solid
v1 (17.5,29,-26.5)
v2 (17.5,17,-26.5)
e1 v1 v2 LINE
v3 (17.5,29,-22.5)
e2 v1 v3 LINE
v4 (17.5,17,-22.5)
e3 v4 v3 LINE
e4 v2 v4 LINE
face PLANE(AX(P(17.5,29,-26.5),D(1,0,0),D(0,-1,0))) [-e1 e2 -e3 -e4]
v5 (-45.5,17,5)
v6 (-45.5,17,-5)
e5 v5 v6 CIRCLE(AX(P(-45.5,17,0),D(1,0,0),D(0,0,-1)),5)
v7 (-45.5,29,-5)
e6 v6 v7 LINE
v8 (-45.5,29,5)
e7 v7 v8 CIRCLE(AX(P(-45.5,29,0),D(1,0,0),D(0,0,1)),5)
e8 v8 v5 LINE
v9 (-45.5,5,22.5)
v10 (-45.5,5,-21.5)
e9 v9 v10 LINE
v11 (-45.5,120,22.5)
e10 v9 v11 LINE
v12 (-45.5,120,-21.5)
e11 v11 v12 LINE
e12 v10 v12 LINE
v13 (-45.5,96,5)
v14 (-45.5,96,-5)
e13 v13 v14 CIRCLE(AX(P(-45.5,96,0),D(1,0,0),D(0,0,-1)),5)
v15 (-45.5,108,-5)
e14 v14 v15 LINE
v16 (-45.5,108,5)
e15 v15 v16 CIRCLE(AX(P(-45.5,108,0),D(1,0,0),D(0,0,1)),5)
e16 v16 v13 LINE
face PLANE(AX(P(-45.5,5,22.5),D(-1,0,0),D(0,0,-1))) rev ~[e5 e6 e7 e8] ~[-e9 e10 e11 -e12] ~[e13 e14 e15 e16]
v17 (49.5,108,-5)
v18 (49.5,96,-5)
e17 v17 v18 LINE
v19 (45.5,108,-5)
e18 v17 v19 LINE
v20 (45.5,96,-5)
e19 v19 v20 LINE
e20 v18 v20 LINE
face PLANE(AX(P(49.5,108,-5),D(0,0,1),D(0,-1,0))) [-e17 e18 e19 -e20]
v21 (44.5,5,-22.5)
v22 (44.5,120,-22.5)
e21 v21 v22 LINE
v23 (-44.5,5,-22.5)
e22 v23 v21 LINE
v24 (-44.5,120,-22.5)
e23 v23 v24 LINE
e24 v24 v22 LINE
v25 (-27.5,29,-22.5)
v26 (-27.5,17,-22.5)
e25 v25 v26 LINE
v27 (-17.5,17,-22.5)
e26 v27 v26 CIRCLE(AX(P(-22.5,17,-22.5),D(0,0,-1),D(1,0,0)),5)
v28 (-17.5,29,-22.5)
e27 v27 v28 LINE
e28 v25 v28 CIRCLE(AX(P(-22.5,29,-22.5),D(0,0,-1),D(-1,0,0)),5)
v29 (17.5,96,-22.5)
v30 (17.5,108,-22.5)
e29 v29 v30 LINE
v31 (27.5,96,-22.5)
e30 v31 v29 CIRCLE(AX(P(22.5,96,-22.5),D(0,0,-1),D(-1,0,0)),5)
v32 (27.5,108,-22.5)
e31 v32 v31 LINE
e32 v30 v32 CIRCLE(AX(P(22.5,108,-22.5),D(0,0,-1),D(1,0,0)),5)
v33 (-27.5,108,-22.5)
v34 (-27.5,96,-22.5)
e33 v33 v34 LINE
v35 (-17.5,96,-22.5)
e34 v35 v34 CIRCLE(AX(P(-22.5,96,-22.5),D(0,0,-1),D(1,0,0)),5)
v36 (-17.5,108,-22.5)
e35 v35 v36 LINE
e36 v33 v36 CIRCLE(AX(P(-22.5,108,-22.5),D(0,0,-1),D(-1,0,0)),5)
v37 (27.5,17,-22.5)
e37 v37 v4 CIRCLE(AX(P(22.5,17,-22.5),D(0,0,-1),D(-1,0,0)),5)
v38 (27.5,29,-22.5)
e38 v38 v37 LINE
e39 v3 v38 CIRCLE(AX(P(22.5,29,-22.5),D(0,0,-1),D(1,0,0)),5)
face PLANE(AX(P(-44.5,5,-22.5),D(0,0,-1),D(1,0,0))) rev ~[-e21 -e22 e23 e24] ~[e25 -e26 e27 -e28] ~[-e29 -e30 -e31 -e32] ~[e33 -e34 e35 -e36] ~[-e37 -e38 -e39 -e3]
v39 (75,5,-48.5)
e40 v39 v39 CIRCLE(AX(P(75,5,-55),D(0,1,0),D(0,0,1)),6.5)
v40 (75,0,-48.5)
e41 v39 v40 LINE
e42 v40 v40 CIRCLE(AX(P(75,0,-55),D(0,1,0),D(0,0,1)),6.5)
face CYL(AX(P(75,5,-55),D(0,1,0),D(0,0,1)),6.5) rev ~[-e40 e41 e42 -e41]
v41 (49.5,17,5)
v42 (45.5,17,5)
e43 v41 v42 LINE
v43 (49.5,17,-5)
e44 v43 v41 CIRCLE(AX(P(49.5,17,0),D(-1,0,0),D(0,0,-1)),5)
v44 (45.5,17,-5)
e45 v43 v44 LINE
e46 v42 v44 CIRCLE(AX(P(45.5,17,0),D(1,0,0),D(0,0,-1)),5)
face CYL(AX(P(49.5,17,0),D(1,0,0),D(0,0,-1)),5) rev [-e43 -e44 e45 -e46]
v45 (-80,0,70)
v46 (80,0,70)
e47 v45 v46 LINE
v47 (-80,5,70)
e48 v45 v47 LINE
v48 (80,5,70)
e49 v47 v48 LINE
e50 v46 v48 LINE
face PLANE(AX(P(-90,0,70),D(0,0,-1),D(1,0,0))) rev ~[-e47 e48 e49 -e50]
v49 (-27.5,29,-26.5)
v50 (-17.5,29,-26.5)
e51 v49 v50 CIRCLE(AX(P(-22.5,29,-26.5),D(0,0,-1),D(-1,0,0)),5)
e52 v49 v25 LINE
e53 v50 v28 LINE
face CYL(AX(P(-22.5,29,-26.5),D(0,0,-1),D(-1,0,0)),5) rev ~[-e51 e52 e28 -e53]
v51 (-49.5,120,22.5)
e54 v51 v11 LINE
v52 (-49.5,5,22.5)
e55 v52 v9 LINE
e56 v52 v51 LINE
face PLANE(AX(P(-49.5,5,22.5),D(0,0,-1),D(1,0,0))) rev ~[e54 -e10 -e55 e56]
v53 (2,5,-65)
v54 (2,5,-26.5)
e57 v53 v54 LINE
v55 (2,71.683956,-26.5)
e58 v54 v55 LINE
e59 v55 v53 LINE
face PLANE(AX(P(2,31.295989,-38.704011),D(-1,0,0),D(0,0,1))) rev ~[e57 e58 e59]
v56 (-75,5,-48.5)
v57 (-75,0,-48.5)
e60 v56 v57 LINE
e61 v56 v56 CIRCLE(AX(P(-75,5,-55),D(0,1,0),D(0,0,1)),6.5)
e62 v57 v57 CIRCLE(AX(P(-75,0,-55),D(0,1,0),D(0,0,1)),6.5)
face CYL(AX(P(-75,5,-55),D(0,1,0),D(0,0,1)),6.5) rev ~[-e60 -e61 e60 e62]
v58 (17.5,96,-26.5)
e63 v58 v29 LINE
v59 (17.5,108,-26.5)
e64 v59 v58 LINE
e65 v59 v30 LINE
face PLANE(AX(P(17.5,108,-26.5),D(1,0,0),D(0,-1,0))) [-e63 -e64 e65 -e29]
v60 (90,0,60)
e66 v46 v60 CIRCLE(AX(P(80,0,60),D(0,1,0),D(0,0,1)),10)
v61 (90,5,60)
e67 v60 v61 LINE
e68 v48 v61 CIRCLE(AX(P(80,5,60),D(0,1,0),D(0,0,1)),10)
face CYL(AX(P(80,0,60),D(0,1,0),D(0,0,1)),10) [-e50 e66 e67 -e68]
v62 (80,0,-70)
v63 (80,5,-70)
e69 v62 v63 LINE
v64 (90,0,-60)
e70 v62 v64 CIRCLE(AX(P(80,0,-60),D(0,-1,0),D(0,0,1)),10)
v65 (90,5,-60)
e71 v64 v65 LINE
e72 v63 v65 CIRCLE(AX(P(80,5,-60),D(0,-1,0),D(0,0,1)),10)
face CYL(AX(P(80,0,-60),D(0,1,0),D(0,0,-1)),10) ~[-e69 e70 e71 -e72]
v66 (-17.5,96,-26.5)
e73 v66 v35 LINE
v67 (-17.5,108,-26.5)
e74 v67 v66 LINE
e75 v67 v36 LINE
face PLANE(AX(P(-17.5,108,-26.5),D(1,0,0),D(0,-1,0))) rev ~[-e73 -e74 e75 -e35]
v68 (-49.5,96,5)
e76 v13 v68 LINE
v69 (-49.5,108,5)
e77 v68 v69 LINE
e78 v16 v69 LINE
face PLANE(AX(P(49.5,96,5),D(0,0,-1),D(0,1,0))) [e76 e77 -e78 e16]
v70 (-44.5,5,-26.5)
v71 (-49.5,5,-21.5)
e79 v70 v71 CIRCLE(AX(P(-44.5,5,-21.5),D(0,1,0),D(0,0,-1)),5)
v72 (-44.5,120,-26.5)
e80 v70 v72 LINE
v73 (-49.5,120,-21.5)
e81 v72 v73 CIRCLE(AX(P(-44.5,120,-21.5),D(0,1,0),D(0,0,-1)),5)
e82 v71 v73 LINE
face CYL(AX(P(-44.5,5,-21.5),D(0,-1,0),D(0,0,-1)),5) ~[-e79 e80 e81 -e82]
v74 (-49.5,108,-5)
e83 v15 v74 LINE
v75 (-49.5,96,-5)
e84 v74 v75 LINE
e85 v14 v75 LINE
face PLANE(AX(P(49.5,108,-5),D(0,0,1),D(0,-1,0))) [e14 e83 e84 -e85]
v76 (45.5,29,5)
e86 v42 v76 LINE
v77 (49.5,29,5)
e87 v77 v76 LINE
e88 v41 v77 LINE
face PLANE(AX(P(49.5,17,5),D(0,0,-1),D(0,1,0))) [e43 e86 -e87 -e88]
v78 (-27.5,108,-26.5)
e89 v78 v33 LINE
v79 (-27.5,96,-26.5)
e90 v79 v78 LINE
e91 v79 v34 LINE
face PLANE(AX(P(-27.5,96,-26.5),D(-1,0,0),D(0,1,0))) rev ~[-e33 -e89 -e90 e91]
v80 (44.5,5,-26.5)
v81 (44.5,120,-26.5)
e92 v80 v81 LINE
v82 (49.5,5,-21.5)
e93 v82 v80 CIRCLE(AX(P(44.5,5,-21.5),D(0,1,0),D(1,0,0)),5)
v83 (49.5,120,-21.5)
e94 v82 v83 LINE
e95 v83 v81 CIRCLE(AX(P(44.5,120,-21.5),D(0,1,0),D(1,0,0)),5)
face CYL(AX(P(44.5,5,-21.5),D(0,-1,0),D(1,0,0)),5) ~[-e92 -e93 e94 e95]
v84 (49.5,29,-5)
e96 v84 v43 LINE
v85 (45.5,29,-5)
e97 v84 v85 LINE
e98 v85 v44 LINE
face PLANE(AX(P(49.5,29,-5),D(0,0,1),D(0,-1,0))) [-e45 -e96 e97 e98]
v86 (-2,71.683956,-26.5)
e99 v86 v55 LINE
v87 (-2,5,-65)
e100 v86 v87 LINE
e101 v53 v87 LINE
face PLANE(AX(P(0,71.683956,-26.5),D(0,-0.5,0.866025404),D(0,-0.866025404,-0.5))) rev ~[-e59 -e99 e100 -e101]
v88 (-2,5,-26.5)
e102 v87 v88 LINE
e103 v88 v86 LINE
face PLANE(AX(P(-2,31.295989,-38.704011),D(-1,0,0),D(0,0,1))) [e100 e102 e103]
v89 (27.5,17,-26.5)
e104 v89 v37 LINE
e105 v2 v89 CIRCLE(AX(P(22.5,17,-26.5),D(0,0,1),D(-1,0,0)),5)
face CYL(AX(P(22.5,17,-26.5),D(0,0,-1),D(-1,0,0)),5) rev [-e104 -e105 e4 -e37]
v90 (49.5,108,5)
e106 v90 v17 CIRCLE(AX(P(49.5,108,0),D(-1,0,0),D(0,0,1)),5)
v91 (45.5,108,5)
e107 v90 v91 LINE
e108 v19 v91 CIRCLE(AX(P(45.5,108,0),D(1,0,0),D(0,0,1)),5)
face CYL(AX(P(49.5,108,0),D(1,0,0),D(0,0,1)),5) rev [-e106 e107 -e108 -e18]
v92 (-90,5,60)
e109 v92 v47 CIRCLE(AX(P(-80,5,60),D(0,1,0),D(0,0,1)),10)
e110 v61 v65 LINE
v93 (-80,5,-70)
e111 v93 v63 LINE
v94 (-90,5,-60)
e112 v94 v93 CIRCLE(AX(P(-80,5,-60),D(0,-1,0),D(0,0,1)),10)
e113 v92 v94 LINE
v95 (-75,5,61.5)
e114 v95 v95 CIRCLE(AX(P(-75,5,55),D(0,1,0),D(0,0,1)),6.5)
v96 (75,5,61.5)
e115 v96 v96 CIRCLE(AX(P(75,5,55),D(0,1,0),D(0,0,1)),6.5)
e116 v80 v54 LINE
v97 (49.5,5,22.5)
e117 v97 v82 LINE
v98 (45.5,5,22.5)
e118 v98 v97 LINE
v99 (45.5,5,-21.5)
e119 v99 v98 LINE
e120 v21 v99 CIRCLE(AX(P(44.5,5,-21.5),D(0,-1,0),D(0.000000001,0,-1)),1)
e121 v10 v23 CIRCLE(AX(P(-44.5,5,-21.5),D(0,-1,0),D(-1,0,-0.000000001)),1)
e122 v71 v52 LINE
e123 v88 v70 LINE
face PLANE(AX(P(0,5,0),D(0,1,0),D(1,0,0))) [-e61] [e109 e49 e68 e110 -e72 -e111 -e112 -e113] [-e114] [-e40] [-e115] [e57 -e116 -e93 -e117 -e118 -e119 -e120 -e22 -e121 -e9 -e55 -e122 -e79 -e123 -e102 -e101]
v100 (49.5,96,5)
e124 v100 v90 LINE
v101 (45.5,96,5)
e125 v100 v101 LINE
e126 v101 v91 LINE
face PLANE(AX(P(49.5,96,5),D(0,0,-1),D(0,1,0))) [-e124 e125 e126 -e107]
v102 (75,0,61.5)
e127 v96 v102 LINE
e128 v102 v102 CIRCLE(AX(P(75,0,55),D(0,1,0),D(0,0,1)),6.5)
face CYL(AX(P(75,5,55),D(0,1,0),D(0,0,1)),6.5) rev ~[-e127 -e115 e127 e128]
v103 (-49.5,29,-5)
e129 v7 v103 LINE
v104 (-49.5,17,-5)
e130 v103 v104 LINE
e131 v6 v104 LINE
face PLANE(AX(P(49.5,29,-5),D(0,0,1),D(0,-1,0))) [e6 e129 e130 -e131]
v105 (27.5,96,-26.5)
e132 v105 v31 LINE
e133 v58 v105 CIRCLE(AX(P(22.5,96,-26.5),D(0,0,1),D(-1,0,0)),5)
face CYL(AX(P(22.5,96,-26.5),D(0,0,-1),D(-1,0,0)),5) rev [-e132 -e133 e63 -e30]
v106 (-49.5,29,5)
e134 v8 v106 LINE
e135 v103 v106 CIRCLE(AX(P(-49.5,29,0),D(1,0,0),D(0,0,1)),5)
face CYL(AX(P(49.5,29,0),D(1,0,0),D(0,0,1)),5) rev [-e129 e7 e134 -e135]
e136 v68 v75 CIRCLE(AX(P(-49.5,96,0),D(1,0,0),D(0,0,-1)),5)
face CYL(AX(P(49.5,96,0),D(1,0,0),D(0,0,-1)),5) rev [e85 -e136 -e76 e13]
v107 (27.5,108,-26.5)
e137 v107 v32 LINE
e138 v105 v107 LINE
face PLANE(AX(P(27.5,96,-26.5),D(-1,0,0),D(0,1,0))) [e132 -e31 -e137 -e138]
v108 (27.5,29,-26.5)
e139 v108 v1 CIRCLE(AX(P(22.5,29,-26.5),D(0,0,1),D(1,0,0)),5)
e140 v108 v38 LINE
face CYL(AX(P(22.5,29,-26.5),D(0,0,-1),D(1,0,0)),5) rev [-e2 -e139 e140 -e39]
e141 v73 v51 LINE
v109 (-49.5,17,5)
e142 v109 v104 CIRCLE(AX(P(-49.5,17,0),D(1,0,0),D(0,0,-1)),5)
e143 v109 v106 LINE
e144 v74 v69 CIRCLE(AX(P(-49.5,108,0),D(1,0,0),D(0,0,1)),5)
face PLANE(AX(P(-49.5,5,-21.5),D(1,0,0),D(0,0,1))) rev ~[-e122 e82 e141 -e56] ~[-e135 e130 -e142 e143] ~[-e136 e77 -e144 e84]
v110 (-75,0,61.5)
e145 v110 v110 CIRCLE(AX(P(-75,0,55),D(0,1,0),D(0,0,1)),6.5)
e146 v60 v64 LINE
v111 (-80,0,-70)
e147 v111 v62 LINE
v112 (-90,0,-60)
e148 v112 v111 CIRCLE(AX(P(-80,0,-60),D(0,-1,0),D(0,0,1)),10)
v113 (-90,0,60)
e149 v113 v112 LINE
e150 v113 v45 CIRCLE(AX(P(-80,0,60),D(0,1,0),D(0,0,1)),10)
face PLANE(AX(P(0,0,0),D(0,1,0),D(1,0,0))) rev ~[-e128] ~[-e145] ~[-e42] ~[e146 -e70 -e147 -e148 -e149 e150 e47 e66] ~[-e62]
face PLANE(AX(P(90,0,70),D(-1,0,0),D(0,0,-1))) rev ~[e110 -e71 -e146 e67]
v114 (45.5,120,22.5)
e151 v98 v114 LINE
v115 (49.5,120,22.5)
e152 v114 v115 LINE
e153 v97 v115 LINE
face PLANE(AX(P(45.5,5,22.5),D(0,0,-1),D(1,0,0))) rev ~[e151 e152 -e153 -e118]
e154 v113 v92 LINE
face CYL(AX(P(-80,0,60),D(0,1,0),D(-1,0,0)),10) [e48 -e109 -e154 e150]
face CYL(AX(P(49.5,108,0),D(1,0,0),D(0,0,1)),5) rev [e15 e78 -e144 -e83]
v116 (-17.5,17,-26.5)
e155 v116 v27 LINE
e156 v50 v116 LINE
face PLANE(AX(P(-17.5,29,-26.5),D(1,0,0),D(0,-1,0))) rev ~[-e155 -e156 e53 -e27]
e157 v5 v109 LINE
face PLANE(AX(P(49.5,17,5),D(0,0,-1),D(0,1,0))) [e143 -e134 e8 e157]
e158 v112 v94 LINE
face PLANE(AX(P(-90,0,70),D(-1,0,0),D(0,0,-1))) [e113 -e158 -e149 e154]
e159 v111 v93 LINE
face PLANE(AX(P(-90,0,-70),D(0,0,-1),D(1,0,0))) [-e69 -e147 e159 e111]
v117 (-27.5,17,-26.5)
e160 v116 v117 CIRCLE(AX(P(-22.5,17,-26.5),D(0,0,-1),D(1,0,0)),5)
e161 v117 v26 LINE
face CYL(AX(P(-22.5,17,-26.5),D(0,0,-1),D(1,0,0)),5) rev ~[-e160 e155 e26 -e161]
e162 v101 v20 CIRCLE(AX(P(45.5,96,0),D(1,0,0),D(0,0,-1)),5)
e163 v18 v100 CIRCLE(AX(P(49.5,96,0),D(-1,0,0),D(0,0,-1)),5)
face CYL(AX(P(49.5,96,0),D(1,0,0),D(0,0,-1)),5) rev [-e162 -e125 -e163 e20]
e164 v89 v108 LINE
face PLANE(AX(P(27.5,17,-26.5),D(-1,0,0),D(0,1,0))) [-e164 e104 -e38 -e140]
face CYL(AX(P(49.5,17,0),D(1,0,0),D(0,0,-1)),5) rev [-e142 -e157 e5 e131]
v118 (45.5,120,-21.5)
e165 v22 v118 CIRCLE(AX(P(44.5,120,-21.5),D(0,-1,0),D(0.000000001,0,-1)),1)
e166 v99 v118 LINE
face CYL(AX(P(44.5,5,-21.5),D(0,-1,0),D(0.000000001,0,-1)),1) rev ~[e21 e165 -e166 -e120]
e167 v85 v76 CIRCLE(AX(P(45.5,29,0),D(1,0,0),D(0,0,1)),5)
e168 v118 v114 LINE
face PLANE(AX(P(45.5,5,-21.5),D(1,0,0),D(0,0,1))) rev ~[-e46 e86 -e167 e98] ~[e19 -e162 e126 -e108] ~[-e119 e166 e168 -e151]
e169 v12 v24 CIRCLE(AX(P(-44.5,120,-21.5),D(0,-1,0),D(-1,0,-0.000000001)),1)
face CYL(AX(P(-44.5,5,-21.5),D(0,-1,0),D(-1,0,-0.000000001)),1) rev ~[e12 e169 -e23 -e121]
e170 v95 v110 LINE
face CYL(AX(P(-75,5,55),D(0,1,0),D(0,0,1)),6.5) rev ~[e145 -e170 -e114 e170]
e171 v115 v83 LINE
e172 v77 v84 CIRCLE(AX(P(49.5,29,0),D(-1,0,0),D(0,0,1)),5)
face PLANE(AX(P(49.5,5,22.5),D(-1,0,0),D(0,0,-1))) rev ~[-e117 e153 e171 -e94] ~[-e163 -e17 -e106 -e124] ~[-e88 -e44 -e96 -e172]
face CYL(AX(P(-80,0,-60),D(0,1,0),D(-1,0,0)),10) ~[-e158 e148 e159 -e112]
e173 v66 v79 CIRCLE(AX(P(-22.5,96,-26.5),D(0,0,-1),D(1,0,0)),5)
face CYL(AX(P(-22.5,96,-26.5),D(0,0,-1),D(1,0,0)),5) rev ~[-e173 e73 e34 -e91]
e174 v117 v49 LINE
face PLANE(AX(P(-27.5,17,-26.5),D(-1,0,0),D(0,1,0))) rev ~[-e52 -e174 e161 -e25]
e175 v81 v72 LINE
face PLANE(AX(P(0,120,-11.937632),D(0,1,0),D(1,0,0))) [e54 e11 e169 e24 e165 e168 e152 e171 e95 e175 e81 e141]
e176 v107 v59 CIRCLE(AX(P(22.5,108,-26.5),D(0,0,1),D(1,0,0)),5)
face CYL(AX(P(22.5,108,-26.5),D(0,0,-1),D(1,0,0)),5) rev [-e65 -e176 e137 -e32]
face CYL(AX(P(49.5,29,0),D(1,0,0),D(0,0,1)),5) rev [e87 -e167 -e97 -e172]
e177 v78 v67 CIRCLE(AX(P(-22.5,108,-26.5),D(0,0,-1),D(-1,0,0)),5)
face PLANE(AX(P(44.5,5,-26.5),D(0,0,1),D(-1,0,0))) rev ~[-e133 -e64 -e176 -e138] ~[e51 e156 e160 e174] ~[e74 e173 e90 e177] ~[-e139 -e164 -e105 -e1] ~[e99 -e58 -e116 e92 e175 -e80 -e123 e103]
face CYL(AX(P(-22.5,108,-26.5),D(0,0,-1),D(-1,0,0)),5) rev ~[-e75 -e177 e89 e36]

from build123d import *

# Parameters (mm, degrees)
SKETCH_2_W          = 180
SKETCH_2_H          = 140
EXTRUDE_1_DEPTH     = 5
EXTRUDE_1_2_DEPTH   = 115
EXTRUDE_2_DEPTH     = 2
CUT_EXTRUDE_1_DEPTH = 140.5
SKETCH_6_R          = 6.5
CUT_EXTRUDE_2_DEPTH = 6
FILLET_1_R          = 10
CUT_EXTRUDE_3_REACH = 98.5


with BuildPart() as part:
    # Эскиз2 → Extrude 1 (new body)
    with BuildSketch(Plane(origin=(0, 0, 0), x_dir=(1, 0, 0), z_dir=(0, 1, 0))):
        Rectangle(SKETCH_2_W, SKETCH_2_H)
    extrude(amount=EXTRUDE_1_DEPTH)

    # Эскиз3 → Extrude 1 2 (add)
    with BuildSketch(Plane(origin=(0, 5, 0), x_dir=(1, 0, 0), z_dir=(0, 1, 0))):
        with BuildLine():
            Line((-45.5, -22.5), (-45.5, 21.5))
            ThreePointArc((-45.5, 21.5), (-45.207106781, 22.207106781), (-44.5, 22.5))
            Line((-44.5, 22.5), (44.5, 22.5))
            ThreePointArc((44.5, 22.5), (45.207106781, 22.207106781), (45.5, 21.5))
            Line((45.5, 21.5), (45.5, -22.5))
            Line((45.5, -22.5), (49.5, -22.5))
            Line((49.5, -22.5), (49.5, 21.5))
            ThreePointArc((49.5, 21.5), (48.035533906, 25.035533906), (44.5, 26.5))
            Line((44.5, 26.5), (-44.5, 26.5))
            ThreePointArc((-44.5, 26.5), (-48.035533906, 25.035533906), (-49.5, 21.5))
            Line((-49.5, 21.5), (-49.5, -22.5))
            Line((-49.5, -22.5), (-45.5, -22.5))
        make_face()
    extrude(amount=EXTRUDE_1_2_DEPTH)

    # Эскиз4 → Бобышка-Вытянуть2 (add, symmetric)
    with BuildSketch(Plane(origin=(0, 0, 0), x_dir=(0, 0, -1), z_dir=(1, 0, 0))):
        Polygon((26.5, 71.683956091), (65, 5), (26.5, 5), align=None)
    extrude(amount=EXTRUDE_2_DEPTH, both=True)

    # Эскиз5 → Вырез-Вытянуть1 (cut, through all)
    with BuildSketch(Plane(origin=(49.5, 0, 0), x_dir=(0, 0, -1), z_dir=(1, 0, 0))):
        with BuildLine():
            Line((5, 108), (5, 96))
            ThreePointArc((5, 96), (0, 91), (-5, 96))
            Line((-5, 96), (-5, 108))
            ThreePointArc((-5, 108), (0, 113), (5, 108))
        make_face()
        with BuildLine():
            Line((5, 29), (5, 17))
            ThreePointArc((5, 17), (0, 12), (-5, 17))
            Line((-5, 17), (-5, 29))
            ThreePointArc((-5, 29), (0, 34), (5, 29))
        make_face()
    extrude(amount=-CUT_EXTRUDE_1_DEPTH, mode=Mode.SUBTRACT)

    # Эскиз6 → Вырез-Вытянуть2 (cut, through all)
    with BuildSketch(Plane(origin=(0, 5, 0), x_dir=(1, 0, 0), z_dir=(0, 1, 0))):
        with Locations(Location((-75, 55, 0), (0, 0, 270))):  # turned: the seam where the file's is
            Circle(SKETCH_6_R)
        with Locations(Location((-75, -55, 0), (0, 0, 270))):  # turned: the seam where the file's is
            Circle(SKETCH_6_R)
        with Locations(Location((75, 55, 0), (0, 0, 270))):  # turned: the seam where the file's is
            Circle(SKETCH_6_R)
        with Locations(Location((75, -55, 0), (0, 0, 270))):  # turned: the seam where the file's is
            Circle(SKETCH_6_R)
    extrude(amount=-CUT_EXTRUDE_2_DEPTH, mode=Mode.SUBTRACT)

    # Скругление1
    fillet_1_edges = [part.edges().sort_by_distance(p)[0] for p in [
        (90, 2.5, 70),
        (-90, 2.5, 70),
        (-90, 2.5, -70),
        (90, 2.5, -70),
    ]]
    fillet(fillet_1_edges, radius=FILLET_1_R)

    # Эскиз8 → Вырез-Вытянуть3 (cut, up to next)
    with BuildSketch(Plane(origin=(0, 0, -26.5), x_dir=(-1, 0, 0), z_dir=(0, 0, -1)), mode=Mode.PRIVATE) as cut_extrude_3_sk1:
        with BuildLine():
            Line((-17.5, 108), (-17.5, 96))
            ThreePointArc((-17.5, 96), (-22.5, 91), (-27.5, 96))
            Line((-27.5, 96), (-27.5, 108))
            ThreePointArc((-27.5, 108), (-22.5, 113), (-17.5, 108))
        make_face()
    cut_extrude_3_tool1 = extrude(cut_extrude_3_sk1.sketch, amount=-CUT_EXTRUDE_3_REACH, mode=Mode.PRIVATE) & part.part
    add(cut_extrude_3_tool1.solids().sort_by_distance((22.5, 102, -26.5))[0], mode=Mode.SUBTRACT)
    # Эскиз8 → Вырез-Вытянуть3 (cut, up to next)
    with BuildSketch(Plane(origin=(0, 0, -26.5), x_dir=(-1, 0, 0), z_dir=(0, 0, -1)), mode=Mode.PRIVATE) as cut_extrude_3_sk2:
        with BuildLine():
            Line((-17.5, 29), (-17.5, 17))
            ThreePointArc((-17.5, 17), (-22.5, 12), (-27.5, 17))
            Line((-27.5, 17), (-27.5, 29))
            ThreePointArc((-27.5, 29), (-22.5, 34), (-17.5, 29))
        make_face()
    cut_extrude_3_tool2 = extrude(cut_extrude_3_sk2.sketch, amount=-CUT_EXTRUDE_3_REACH, mode=Mode.PRIVATE) & part.part
    add(cut_extrude_3_tool2.solids().sort_by_distance((22.5, 23, -26.5))[0], mode=Mode.SUBTRACT)
    # Эскиз8 → Вырез-Вытянуть3 (cut, up to next)
    with BuildSketch(Plane(origin=(0, 0, -26.5), x_dir=(-1, 0, 0), z_dir=(0, 0, -1)), mode=Mode.PRIVATE) as cut_extrude_3_sk3:
        with BuildLine():
            Line((17.5, 108), (17.5, 96))
            ThreePointArc((17.5, 96), (22.5, 91), (27.5, 96))
            Line((27.5, 96), (27.5, 108))
            ThreePointArc((27.5, 108), (22.5, 113), (17.5, 108))
        make_face()
    cut_extrude_3_tool3 = extrude(cut_extrude_3_sk3.sketch, amount=-CUT_EXTRUDE_3_REACH, mode=Mode.PRIVATE) & part.part
    add(cut_extrude_3_tool3.solids().sort_by_distance((-22.5, 102, -26.5))[0], mode=Mode.SUBTRACT)
    # Эскиз8 → Вырез-Вытянуть3 (cut, up to next)
    with BuildSketch(Plane(origin=(0, 0, -26.5), x_dir=(-1, 0, 0), z_dir=(0, 0, -1)), mode=Mode.PRIVATE) as cut_extrude_3_sk4:
        with BuildLine():
            Line((17.5, 29), (17.5, 17))
            ThreePointArc((17.5, 17), (22.5, 12), (27.5, 17))
            Line((27.5, 17), (27.5, 29))
            ThreePointArc((27.5, 29), (22.5, 34), (17.5, 29))
        make_face()
    cut_extrude_3_tool4 = extrude(cut_extrude_3_sk4.sketch, amount=-CUT_EXTRUDE_3_REACH, mode=Mode.PRIVATE) & part.part
    add(cut_extrude_3_tool4.solids().sort_by_distance((-22.5, 23, -26.5))[0], mode=Mode.SUBTRACT)


solid = part.part
